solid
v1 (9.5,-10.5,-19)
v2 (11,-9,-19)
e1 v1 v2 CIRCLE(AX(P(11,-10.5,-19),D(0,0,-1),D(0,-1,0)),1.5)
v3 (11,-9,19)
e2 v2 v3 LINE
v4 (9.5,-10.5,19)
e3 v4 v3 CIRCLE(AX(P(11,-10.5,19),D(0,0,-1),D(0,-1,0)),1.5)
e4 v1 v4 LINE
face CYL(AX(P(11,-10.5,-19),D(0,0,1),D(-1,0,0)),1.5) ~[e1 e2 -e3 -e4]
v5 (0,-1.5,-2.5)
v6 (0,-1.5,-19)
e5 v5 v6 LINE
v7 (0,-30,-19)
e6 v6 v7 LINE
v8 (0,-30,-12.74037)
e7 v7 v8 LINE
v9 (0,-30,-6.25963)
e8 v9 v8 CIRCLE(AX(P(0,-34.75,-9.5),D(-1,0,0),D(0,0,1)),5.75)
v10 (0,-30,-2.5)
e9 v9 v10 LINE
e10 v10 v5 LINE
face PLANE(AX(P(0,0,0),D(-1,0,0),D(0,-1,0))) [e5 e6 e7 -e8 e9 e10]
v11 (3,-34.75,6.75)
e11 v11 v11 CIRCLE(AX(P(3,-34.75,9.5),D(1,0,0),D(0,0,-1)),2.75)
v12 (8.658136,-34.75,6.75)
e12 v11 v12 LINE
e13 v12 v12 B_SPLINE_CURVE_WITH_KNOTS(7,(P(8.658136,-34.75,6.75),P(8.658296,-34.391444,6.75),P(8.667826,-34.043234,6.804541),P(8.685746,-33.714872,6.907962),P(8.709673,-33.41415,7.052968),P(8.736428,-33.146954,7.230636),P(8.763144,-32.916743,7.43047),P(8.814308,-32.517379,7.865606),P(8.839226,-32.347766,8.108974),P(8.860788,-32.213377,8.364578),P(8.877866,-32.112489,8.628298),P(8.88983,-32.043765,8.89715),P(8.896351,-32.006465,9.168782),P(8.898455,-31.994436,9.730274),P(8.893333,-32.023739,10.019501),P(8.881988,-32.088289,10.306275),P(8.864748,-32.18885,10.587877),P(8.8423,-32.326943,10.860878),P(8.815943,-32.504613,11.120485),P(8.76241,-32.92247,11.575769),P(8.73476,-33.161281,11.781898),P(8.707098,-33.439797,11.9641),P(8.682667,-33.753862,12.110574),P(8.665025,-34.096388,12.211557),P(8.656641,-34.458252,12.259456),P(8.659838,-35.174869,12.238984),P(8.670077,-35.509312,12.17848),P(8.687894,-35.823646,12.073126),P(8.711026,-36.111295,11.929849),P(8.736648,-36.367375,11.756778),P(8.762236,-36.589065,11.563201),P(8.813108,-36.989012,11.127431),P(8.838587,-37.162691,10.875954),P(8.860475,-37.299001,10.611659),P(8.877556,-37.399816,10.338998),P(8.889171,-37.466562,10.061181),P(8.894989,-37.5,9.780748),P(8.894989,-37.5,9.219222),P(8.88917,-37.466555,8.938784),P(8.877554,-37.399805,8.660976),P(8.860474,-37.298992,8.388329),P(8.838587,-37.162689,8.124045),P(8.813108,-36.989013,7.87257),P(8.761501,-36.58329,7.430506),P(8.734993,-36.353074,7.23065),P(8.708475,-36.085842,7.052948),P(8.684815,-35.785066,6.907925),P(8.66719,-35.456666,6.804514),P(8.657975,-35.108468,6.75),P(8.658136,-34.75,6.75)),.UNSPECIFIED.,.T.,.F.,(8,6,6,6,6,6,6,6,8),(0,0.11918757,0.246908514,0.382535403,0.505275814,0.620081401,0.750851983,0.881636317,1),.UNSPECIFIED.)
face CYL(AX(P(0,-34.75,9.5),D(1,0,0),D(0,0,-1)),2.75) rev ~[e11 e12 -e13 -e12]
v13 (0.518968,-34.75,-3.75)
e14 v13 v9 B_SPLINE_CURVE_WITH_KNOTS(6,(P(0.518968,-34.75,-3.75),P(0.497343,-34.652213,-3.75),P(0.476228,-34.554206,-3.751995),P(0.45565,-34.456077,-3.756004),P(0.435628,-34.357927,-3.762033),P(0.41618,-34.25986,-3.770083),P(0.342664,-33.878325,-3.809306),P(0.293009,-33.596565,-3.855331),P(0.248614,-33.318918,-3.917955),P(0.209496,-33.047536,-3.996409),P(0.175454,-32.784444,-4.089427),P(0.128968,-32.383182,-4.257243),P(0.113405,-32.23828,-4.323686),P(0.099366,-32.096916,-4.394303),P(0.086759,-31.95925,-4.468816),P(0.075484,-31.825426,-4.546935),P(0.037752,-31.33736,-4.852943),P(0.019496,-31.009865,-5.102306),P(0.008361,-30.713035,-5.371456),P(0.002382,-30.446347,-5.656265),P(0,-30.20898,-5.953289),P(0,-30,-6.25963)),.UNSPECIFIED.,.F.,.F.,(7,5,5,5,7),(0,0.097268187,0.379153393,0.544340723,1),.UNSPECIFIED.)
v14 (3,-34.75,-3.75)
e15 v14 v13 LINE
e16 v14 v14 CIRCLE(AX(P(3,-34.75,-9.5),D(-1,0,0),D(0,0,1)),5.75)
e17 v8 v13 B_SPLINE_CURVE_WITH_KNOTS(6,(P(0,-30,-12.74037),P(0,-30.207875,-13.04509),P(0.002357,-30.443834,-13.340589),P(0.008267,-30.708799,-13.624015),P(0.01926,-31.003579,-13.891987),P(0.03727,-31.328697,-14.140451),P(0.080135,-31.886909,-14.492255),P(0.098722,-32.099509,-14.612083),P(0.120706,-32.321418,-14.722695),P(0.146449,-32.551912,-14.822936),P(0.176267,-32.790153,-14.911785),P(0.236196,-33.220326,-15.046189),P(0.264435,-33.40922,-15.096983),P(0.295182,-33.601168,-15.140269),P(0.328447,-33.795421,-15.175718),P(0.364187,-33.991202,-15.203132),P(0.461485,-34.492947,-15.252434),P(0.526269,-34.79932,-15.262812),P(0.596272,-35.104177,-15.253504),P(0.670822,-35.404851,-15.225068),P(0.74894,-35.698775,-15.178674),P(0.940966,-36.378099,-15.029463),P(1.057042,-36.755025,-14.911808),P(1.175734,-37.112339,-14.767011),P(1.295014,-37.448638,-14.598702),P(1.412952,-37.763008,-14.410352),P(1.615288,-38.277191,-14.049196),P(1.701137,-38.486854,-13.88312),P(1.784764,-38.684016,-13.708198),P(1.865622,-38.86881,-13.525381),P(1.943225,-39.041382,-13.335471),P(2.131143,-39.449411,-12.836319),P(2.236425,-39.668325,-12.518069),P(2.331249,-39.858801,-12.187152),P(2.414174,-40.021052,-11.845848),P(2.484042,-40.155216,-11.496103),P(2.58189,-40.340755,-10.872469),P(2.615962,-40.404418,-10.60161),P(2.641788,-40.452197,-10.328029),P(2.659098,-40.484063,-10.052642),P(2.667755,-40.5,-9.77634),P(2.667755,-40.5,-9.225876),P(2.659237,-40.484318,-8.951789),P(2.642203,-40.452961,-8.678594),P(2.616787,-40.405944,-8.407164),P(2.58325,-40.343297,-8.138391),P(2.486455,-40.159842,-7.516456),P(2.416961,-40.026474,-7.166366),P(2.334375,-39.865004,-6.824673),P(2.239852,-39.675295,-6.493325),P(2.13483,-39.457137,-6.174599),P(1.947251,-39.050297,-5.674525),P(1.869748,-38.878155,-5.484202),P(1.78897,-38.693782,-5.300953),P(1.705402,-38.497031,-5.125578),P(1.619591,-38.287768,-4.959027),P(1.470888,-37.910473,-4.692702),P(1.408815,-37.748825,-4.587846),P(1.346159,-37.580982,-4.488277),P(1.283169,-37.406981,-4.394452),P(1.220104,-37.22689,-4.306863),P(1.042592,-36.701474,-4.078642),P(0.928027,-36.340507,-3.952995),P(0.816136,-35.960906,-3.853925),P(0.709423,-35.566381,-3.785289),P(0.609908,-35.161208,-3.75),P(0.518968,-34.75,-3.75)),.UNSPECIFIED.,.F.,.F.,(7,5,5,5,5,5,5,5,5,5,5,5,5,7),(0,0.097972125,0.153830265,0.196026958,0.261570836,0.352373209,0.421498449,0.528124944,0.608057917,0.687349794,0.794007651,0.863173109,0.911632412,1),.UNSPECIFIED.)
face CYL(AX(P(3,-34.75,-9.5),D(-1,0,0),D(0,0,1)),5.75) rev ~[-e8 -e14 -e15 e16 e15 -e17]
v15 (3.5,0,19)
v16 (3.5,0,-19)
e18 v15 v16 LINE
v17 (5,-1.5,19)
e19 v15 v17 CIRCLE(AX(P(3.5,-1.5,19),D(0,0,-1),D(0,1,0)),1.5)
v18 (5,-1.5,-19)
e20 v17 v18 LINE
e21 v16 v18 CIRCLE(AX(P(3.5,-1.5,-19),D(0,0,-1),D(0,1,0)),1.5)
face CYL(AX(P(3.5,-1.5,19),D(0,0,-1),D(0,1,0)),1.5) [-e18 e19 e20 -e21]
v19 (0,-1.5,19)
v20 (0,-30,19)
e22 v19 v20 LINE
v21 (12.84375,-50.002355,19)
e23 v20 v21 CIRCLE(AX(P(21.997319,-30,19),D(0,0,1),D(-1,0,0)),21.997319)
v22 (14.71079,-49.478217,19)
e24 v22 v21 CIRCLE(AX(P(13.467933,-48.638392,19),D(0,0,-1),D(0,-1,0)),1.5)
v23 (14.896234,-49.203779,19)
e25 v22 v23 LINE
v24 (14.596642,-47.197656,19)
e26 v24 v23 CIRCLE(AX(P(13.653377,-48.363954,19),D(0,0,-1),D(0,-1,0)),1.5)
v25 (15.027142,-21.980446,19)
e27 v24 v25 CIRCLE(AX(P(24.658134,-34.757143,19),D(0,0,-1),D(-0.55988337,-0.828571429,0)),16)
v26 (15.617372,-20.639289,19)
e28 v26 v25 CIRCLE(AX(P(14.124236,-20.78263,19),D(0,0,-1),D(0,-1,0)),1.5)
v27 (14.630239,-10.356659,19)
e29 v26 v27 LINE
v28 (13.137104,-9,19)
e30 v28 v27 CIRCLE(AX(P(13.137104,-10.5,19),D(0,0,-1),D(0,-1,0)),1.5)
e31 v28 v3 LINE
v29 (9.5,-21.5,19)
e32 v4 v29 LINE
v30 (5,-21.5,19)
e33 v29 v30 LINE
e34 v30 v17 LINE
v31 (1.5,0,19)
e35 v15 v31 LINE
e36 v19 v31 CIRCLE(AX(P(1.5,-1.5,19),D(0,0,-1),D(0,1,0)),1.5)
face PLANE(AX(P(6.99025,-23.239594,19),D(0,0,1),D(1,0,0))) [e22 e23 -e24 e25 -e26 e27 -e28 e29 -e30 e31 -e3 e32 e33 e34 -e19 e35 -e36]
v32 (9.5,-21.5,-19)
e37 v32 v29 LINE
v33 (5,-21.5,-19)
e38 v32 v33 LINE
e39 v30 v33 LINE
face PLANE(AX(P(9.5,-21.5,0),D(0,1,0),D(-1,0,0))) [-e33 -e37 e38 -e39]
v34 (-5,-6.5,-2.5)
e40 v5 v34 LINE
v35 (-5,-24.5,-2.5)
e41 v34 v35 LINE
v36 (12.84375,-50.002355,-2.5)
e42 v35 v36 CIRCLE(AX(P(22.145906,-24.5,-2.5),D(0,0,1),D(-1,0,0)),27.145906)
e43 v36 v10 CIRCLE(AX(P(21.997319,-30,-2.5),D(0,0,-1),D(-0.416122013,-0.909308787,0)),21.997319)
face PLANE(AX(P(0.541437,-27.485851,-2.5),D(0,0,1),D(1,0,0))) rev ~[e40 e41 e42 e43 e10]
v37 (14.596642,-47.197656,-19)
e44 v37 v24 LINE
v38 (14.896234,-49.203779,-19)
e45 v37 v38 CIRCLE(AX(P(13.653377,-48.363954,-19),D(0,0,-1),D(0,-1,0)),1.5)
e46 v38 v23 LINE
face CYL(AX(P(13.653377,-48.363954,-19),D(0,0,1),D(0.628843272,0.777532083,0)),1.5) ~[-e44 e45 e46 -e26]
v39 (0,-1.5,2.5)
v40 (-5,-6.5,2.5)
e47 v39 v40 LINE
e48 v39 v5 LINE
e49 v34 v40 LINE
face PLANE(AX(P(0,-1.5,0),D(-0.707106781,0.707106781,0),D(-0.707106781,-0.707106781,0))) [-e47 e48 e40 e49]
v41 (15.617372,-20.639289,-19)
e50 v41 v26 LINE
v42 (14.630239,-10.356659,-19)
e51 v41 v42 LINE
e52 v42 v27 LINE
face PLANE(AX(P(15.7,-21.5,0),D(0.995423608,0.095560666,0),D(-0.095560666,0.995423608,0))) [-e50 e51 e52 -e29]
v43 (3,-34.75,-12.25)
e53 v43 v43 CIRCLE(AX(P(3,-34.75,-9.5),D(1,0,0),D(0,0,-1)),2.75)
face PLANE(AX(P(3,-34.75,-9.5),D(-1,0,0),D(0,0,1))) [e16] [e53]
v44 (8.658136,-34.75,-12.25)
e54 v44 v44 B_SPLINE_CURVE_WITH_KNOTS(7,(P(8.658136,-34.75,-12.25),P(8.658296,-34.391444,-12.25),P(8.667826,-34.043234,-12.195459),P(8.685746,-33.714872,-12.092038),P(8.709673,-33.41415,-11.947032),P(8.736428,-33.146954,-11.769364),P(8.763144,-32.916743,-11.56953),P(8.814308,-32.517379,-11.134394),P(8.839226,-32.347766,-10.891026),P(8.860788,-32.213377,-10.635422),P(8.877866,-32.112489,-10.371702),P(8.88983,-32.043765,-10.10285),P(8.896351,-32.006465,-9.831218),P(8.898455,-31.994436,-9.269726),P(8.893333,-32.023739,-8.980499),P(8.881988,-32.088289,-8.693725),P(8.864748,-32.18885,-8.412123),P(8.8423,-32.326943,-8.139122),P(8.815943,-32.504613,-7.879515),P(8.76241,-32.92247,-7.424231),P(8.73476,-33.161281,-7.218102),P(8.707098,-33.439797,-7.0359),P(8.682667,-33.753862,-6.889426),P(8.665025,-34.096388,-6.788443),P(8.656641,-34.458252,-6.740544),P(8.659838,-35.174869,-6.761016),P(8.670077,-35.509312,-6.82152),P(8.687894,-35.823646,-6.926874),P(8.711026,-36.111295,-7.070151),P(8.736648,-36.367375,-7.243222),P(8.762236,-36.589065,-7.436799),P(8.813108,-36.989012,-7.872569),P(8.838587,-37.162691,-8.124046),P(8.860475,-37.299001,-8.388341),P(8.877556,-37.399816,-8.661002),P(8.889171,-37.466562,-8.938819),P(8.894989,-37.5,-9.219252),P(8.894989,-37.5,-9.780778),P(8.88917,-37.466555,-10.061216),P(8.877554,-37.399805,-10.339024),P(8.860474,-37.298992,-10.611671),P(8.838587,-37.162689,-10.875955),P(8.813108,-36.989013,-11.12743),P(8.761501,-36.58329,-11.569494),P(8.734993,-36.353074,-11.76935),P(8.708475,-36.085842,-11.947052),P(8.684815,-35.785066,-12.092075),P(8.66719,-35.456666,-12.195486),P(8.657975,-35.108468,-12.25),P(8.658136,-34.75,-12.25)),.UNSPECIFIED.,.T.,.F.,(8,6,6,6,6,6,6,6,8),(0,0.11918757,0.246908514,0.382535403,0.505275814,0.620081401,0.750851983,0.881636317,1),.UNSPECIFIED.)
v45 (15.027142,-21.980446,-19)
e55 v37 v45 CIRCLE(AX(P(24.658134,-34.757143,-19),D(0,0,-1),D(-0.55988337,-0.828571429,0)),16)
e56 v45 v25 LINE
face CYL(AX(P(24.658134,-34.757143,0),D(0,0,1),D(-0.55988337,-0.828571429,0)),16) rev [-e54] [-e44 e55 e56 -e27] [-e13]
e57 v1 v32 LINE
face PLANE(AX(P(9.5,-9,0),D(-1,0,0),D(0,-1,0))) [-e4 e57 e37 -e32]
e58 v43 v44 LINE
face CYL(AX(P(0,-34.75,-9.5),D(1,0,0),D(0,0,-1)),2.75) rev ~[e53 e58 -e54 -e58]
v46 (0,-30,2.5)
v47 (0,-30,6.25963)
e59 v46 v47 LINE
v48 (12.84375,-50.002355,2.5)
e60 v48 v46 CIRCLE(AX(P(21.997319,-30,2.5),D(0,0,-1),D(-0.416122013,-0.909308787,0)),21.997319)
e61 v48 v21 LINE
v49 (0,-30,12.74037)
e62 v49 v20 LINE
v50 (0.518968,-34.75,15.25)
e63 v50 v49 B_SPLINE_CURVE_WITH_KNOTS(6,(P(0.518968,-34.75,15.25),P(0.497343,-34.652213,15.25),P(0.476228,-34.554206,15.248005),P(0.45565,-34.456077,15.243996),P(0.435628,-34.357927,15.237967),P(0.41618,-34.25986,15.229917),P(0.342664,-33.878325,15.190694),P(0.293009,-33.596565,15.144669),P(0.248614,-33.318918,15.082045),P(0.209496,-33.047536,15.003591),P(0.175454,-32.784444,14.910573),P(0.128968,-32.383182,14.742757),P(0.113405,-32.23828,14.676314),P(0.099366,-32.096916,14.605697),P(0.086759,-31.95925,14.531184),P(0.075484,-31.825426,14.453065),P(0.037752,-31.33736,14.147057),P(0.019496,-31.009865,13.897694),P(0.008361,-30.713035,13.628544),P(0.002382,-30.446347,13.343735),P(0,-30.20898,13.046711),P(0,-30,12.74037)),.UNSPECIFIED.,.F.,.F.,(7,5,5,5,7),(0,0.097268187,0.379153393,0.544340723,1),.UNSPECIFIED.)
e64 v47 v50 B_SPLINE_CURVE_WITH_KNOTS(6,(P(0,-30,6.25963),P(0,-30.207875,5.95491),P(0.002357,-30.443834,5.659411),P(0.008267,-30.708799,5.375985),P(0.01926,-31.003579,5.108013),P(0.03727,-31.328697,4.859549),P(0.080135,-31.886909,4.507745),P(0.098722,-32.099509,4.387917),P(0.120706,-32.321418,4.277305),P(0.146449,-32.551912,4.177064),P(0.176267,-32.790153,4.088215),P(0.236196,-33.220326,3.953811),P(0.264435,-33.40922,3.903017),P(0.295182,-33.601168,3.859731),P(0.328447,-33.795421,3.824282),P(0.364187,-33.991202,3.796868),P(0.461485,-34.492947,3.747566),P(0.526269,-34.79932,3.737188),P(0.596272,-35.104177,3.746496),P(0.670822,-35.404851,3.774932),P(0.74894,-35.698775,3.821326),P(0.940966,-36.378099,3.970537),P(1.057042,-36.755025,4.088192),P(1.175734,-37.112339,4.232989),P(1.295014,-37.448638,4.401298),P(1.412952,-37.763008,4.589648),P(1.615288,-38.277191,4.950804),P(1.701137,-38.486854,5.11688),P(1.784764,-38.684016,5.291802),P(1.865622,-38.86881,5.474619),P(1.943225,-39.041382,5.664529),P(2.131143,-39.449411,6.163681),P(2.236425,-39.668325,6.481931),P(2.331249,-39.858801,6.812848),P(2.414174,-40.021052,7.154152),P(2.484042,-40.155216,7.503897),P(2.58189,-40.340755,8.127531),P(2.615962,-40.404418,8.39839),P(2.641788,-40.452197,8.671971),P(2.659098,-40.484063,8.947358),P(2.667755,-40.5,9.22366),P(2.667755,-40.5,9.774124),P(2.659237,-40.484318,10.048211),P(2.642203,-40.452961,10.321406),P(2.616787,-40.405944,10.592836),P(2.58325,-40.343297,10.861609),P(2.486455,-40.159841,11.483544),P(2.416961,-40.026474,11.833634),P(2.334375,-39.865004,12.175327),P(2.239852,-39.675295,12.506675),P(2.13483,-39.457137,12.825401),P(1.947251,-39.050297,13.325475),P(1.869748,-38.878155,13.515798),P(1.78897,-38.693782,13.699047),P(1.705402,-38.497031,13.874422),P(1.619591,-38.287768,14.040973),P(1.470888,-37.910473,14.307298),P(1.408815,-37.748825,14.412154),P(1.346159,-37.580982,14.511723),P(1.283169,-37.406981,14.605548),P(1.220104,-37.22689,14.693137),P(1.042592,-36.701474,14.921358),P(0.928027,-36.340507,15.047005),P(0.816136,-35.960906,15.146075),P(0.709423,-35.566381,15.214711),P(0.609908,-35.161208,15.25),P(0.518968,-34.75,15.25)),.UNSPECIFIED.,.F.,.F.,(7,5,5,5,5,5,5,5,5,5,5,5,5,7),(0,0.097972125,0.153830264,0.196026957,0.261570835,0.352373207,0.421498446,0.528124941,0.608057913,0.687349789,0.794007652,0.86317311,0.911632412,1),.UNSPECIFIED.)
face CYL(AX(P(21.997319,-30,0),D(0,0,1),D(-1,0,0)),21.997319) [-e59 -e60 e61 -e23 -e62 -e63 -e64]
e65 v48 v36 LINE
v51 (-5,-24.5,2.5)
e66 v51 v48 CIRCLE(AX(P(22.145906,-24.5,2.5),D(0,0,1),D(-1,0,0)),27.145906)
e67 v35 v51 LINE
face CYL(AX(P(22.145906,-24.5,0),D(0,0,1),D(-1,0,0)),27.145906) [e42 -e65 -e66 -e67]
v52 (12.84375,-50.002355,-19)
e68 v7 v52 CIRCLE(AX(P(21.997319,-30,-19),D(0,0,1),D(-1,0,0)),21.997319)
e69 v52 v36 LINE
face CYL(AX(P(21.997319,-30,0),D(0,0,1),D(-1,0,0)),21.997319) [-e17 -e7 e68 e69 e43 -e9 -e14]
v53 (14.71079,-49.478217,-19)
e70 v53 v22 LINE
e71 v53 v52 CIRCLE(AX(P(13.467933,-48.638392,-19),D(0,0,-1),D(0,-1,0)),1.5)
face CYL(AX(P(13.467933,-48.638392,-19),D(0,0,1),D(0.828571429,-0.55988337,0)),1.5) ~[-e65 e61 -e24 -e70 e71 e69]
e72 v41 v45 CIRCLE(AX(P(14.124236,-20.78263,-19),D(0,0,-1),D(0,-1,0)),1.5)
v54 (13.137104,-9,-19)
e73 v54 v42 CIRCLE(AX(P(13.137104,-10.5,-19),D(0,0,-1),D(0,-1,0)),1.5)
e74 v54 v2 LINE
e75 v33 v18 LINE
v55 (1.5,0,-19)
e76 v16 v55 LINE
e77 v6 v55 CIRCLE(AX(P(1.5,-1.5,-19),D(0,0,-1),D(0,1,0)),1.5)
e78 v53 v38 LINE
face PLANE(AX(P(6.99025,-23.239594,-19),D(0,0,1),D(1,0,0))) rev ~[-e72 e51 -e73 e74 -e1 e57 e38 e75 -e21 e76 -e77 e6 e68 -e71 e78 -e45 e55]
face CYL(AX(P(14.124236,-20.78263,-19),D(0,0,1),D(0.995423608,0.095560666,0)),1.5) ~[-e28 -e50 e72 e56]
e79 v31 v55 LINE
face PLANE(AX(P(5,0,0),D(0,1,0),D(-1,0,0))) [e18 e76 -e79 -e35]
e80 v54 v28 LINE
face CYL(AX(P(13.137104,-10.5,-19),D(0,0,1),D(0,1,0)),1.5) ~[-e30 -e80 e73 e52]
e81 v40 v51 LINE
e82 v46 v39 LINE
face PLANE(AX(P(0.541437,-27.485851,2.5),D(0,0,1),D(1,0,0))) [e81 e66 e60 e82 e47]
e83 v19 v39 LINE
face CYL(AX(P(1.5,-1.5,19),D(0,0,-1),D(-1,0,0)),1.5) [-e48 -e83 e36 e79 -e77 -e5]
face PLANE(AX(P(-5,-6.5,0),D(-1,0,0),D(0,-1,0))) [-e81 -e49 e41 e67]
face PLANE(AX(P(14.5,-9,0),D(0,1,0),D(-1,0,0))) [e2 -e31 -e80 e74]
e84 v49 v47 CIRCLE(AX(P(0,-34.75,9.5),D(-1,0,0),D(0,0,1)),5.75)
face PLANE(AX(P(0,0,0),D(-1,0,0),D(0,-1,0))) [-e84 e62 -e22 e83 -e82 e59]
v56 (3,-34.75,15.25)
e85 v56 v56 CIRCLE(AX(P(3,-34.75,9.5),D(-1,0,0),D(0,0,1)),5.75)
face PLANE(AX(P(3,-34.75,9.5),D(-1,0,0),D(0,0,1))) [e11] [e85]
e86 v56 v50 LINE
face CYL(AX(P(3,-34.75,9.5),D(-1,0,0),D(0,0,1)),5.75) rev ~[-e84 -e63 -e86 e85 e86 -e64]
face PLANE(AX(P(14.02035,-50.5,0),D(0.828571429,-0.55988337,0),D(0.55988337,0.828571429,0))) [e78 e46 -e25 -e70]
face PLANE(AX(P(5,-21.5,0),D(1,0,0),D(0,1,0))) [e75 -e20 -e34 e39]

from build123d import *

# Parameters (mm, degrees)
RESSALTO_EXTRUS_O1_DEPTH                             = 19
FILETE1_R                                            = 1.5
RESSALTO_EXTRUS_O2_DEPTH                             = 2.5
REBAIXO_PARA_PARAFUSO_ALLEN_SEXTAVADO_DE_D           = 5.5
REBAIXO_PARA_PARAFUSO_ALLEN_SEXTAVADO_DE_CBORE_D     = 11.5
REBAIXO_PARA_PARAFUSO_ALLEN_SEXTAVADO_DE_CBORE_DEPTH = 3


with BuildPart() as part:
    # Esboço1 → Ressalto-extrusão1 (new, symmetric)
    with BuildSketch(Plane.XY):
        with BuildLine():
            Line((0, 0), (0, -30))
            ThreePointArc((0, -30), (3.840309651, -42.417932709), (14.020349891, -50.5))
            Line((14.020349891, -50.5), (15.7, -48.014285714))
            ThreePointArc((15.7, -48.014285714), (8.658133916, -34.757142857), (15.7, -21.5))
            Line((15.7, -21.5), (14.5, -9))
            Line((14.5, -9), (9.5, -9))
            Line((9.5, -9), (9.5, -21.5))
            Line((9.5, -21.5), (5, -21.5))
            Line((5, -21.5), (5, 0))
            Line((5, 0), (0, 0))
        make_face()
    extrude(amount=RESSALTO_EXTRUS_O1_DEPTH, both=True)

    # Filete1
    filete1_edges = [part.edges().sort_by_distance(p)[0] for p in [
        (5, 0, 0),
        (9.5, -9, 0),
        (14.5, -9, 0),
        (15.7, -21.5, 0),
        (15.7, -48.014285714, 0),
        (14.020349891, -50.5, 0),
        (0, 0, 0),
    ]]
    fillet(filete1_edges, radius=FILETE1_R)

    # Esboço3 → Ressalto-extrusão2 (add, symmetric)
    with BuildSketch(Plane.XY):
        with BuildLine():
            Line((0, -1.5), (-5, -6.5))
            Line((-5, -6.5), (-5, -24.5))
            ThreePointArc((-5, -24.5), (-0.096122461, -40.062531476), (12.8437502, -50.002355236))
            ThreePointArc((12.8437502, -50.002355236), (3.487375513, -41.885454705), (0, -30))
            Line((0, -30), (0, -1.5))
        make_face()
    extrude(amount=RESSALTO_EXTRUS_O2_DEPTH, both=True)

    # Rebaixo para parafuso Allen sextavado de M51 (through all)
    with Locations(Plane.ZY):
        with Locations((-9.5, -34.75), (9.5, -34.75)):
            CounterBoreHole(REBAIXO_PARA_PARAFUSO_ALLEN_SEXTAVADO_DE_D / 2, REBAIXO_PARA_PARAFUSO_ALLEN_SEXTAVADO_DE_CBORE_D / 2, REBAIXO_PARA_PARAFUSO_ALLEN_SEXTAVADO_DE_CBORE_DEPTH)


solid = part.part
